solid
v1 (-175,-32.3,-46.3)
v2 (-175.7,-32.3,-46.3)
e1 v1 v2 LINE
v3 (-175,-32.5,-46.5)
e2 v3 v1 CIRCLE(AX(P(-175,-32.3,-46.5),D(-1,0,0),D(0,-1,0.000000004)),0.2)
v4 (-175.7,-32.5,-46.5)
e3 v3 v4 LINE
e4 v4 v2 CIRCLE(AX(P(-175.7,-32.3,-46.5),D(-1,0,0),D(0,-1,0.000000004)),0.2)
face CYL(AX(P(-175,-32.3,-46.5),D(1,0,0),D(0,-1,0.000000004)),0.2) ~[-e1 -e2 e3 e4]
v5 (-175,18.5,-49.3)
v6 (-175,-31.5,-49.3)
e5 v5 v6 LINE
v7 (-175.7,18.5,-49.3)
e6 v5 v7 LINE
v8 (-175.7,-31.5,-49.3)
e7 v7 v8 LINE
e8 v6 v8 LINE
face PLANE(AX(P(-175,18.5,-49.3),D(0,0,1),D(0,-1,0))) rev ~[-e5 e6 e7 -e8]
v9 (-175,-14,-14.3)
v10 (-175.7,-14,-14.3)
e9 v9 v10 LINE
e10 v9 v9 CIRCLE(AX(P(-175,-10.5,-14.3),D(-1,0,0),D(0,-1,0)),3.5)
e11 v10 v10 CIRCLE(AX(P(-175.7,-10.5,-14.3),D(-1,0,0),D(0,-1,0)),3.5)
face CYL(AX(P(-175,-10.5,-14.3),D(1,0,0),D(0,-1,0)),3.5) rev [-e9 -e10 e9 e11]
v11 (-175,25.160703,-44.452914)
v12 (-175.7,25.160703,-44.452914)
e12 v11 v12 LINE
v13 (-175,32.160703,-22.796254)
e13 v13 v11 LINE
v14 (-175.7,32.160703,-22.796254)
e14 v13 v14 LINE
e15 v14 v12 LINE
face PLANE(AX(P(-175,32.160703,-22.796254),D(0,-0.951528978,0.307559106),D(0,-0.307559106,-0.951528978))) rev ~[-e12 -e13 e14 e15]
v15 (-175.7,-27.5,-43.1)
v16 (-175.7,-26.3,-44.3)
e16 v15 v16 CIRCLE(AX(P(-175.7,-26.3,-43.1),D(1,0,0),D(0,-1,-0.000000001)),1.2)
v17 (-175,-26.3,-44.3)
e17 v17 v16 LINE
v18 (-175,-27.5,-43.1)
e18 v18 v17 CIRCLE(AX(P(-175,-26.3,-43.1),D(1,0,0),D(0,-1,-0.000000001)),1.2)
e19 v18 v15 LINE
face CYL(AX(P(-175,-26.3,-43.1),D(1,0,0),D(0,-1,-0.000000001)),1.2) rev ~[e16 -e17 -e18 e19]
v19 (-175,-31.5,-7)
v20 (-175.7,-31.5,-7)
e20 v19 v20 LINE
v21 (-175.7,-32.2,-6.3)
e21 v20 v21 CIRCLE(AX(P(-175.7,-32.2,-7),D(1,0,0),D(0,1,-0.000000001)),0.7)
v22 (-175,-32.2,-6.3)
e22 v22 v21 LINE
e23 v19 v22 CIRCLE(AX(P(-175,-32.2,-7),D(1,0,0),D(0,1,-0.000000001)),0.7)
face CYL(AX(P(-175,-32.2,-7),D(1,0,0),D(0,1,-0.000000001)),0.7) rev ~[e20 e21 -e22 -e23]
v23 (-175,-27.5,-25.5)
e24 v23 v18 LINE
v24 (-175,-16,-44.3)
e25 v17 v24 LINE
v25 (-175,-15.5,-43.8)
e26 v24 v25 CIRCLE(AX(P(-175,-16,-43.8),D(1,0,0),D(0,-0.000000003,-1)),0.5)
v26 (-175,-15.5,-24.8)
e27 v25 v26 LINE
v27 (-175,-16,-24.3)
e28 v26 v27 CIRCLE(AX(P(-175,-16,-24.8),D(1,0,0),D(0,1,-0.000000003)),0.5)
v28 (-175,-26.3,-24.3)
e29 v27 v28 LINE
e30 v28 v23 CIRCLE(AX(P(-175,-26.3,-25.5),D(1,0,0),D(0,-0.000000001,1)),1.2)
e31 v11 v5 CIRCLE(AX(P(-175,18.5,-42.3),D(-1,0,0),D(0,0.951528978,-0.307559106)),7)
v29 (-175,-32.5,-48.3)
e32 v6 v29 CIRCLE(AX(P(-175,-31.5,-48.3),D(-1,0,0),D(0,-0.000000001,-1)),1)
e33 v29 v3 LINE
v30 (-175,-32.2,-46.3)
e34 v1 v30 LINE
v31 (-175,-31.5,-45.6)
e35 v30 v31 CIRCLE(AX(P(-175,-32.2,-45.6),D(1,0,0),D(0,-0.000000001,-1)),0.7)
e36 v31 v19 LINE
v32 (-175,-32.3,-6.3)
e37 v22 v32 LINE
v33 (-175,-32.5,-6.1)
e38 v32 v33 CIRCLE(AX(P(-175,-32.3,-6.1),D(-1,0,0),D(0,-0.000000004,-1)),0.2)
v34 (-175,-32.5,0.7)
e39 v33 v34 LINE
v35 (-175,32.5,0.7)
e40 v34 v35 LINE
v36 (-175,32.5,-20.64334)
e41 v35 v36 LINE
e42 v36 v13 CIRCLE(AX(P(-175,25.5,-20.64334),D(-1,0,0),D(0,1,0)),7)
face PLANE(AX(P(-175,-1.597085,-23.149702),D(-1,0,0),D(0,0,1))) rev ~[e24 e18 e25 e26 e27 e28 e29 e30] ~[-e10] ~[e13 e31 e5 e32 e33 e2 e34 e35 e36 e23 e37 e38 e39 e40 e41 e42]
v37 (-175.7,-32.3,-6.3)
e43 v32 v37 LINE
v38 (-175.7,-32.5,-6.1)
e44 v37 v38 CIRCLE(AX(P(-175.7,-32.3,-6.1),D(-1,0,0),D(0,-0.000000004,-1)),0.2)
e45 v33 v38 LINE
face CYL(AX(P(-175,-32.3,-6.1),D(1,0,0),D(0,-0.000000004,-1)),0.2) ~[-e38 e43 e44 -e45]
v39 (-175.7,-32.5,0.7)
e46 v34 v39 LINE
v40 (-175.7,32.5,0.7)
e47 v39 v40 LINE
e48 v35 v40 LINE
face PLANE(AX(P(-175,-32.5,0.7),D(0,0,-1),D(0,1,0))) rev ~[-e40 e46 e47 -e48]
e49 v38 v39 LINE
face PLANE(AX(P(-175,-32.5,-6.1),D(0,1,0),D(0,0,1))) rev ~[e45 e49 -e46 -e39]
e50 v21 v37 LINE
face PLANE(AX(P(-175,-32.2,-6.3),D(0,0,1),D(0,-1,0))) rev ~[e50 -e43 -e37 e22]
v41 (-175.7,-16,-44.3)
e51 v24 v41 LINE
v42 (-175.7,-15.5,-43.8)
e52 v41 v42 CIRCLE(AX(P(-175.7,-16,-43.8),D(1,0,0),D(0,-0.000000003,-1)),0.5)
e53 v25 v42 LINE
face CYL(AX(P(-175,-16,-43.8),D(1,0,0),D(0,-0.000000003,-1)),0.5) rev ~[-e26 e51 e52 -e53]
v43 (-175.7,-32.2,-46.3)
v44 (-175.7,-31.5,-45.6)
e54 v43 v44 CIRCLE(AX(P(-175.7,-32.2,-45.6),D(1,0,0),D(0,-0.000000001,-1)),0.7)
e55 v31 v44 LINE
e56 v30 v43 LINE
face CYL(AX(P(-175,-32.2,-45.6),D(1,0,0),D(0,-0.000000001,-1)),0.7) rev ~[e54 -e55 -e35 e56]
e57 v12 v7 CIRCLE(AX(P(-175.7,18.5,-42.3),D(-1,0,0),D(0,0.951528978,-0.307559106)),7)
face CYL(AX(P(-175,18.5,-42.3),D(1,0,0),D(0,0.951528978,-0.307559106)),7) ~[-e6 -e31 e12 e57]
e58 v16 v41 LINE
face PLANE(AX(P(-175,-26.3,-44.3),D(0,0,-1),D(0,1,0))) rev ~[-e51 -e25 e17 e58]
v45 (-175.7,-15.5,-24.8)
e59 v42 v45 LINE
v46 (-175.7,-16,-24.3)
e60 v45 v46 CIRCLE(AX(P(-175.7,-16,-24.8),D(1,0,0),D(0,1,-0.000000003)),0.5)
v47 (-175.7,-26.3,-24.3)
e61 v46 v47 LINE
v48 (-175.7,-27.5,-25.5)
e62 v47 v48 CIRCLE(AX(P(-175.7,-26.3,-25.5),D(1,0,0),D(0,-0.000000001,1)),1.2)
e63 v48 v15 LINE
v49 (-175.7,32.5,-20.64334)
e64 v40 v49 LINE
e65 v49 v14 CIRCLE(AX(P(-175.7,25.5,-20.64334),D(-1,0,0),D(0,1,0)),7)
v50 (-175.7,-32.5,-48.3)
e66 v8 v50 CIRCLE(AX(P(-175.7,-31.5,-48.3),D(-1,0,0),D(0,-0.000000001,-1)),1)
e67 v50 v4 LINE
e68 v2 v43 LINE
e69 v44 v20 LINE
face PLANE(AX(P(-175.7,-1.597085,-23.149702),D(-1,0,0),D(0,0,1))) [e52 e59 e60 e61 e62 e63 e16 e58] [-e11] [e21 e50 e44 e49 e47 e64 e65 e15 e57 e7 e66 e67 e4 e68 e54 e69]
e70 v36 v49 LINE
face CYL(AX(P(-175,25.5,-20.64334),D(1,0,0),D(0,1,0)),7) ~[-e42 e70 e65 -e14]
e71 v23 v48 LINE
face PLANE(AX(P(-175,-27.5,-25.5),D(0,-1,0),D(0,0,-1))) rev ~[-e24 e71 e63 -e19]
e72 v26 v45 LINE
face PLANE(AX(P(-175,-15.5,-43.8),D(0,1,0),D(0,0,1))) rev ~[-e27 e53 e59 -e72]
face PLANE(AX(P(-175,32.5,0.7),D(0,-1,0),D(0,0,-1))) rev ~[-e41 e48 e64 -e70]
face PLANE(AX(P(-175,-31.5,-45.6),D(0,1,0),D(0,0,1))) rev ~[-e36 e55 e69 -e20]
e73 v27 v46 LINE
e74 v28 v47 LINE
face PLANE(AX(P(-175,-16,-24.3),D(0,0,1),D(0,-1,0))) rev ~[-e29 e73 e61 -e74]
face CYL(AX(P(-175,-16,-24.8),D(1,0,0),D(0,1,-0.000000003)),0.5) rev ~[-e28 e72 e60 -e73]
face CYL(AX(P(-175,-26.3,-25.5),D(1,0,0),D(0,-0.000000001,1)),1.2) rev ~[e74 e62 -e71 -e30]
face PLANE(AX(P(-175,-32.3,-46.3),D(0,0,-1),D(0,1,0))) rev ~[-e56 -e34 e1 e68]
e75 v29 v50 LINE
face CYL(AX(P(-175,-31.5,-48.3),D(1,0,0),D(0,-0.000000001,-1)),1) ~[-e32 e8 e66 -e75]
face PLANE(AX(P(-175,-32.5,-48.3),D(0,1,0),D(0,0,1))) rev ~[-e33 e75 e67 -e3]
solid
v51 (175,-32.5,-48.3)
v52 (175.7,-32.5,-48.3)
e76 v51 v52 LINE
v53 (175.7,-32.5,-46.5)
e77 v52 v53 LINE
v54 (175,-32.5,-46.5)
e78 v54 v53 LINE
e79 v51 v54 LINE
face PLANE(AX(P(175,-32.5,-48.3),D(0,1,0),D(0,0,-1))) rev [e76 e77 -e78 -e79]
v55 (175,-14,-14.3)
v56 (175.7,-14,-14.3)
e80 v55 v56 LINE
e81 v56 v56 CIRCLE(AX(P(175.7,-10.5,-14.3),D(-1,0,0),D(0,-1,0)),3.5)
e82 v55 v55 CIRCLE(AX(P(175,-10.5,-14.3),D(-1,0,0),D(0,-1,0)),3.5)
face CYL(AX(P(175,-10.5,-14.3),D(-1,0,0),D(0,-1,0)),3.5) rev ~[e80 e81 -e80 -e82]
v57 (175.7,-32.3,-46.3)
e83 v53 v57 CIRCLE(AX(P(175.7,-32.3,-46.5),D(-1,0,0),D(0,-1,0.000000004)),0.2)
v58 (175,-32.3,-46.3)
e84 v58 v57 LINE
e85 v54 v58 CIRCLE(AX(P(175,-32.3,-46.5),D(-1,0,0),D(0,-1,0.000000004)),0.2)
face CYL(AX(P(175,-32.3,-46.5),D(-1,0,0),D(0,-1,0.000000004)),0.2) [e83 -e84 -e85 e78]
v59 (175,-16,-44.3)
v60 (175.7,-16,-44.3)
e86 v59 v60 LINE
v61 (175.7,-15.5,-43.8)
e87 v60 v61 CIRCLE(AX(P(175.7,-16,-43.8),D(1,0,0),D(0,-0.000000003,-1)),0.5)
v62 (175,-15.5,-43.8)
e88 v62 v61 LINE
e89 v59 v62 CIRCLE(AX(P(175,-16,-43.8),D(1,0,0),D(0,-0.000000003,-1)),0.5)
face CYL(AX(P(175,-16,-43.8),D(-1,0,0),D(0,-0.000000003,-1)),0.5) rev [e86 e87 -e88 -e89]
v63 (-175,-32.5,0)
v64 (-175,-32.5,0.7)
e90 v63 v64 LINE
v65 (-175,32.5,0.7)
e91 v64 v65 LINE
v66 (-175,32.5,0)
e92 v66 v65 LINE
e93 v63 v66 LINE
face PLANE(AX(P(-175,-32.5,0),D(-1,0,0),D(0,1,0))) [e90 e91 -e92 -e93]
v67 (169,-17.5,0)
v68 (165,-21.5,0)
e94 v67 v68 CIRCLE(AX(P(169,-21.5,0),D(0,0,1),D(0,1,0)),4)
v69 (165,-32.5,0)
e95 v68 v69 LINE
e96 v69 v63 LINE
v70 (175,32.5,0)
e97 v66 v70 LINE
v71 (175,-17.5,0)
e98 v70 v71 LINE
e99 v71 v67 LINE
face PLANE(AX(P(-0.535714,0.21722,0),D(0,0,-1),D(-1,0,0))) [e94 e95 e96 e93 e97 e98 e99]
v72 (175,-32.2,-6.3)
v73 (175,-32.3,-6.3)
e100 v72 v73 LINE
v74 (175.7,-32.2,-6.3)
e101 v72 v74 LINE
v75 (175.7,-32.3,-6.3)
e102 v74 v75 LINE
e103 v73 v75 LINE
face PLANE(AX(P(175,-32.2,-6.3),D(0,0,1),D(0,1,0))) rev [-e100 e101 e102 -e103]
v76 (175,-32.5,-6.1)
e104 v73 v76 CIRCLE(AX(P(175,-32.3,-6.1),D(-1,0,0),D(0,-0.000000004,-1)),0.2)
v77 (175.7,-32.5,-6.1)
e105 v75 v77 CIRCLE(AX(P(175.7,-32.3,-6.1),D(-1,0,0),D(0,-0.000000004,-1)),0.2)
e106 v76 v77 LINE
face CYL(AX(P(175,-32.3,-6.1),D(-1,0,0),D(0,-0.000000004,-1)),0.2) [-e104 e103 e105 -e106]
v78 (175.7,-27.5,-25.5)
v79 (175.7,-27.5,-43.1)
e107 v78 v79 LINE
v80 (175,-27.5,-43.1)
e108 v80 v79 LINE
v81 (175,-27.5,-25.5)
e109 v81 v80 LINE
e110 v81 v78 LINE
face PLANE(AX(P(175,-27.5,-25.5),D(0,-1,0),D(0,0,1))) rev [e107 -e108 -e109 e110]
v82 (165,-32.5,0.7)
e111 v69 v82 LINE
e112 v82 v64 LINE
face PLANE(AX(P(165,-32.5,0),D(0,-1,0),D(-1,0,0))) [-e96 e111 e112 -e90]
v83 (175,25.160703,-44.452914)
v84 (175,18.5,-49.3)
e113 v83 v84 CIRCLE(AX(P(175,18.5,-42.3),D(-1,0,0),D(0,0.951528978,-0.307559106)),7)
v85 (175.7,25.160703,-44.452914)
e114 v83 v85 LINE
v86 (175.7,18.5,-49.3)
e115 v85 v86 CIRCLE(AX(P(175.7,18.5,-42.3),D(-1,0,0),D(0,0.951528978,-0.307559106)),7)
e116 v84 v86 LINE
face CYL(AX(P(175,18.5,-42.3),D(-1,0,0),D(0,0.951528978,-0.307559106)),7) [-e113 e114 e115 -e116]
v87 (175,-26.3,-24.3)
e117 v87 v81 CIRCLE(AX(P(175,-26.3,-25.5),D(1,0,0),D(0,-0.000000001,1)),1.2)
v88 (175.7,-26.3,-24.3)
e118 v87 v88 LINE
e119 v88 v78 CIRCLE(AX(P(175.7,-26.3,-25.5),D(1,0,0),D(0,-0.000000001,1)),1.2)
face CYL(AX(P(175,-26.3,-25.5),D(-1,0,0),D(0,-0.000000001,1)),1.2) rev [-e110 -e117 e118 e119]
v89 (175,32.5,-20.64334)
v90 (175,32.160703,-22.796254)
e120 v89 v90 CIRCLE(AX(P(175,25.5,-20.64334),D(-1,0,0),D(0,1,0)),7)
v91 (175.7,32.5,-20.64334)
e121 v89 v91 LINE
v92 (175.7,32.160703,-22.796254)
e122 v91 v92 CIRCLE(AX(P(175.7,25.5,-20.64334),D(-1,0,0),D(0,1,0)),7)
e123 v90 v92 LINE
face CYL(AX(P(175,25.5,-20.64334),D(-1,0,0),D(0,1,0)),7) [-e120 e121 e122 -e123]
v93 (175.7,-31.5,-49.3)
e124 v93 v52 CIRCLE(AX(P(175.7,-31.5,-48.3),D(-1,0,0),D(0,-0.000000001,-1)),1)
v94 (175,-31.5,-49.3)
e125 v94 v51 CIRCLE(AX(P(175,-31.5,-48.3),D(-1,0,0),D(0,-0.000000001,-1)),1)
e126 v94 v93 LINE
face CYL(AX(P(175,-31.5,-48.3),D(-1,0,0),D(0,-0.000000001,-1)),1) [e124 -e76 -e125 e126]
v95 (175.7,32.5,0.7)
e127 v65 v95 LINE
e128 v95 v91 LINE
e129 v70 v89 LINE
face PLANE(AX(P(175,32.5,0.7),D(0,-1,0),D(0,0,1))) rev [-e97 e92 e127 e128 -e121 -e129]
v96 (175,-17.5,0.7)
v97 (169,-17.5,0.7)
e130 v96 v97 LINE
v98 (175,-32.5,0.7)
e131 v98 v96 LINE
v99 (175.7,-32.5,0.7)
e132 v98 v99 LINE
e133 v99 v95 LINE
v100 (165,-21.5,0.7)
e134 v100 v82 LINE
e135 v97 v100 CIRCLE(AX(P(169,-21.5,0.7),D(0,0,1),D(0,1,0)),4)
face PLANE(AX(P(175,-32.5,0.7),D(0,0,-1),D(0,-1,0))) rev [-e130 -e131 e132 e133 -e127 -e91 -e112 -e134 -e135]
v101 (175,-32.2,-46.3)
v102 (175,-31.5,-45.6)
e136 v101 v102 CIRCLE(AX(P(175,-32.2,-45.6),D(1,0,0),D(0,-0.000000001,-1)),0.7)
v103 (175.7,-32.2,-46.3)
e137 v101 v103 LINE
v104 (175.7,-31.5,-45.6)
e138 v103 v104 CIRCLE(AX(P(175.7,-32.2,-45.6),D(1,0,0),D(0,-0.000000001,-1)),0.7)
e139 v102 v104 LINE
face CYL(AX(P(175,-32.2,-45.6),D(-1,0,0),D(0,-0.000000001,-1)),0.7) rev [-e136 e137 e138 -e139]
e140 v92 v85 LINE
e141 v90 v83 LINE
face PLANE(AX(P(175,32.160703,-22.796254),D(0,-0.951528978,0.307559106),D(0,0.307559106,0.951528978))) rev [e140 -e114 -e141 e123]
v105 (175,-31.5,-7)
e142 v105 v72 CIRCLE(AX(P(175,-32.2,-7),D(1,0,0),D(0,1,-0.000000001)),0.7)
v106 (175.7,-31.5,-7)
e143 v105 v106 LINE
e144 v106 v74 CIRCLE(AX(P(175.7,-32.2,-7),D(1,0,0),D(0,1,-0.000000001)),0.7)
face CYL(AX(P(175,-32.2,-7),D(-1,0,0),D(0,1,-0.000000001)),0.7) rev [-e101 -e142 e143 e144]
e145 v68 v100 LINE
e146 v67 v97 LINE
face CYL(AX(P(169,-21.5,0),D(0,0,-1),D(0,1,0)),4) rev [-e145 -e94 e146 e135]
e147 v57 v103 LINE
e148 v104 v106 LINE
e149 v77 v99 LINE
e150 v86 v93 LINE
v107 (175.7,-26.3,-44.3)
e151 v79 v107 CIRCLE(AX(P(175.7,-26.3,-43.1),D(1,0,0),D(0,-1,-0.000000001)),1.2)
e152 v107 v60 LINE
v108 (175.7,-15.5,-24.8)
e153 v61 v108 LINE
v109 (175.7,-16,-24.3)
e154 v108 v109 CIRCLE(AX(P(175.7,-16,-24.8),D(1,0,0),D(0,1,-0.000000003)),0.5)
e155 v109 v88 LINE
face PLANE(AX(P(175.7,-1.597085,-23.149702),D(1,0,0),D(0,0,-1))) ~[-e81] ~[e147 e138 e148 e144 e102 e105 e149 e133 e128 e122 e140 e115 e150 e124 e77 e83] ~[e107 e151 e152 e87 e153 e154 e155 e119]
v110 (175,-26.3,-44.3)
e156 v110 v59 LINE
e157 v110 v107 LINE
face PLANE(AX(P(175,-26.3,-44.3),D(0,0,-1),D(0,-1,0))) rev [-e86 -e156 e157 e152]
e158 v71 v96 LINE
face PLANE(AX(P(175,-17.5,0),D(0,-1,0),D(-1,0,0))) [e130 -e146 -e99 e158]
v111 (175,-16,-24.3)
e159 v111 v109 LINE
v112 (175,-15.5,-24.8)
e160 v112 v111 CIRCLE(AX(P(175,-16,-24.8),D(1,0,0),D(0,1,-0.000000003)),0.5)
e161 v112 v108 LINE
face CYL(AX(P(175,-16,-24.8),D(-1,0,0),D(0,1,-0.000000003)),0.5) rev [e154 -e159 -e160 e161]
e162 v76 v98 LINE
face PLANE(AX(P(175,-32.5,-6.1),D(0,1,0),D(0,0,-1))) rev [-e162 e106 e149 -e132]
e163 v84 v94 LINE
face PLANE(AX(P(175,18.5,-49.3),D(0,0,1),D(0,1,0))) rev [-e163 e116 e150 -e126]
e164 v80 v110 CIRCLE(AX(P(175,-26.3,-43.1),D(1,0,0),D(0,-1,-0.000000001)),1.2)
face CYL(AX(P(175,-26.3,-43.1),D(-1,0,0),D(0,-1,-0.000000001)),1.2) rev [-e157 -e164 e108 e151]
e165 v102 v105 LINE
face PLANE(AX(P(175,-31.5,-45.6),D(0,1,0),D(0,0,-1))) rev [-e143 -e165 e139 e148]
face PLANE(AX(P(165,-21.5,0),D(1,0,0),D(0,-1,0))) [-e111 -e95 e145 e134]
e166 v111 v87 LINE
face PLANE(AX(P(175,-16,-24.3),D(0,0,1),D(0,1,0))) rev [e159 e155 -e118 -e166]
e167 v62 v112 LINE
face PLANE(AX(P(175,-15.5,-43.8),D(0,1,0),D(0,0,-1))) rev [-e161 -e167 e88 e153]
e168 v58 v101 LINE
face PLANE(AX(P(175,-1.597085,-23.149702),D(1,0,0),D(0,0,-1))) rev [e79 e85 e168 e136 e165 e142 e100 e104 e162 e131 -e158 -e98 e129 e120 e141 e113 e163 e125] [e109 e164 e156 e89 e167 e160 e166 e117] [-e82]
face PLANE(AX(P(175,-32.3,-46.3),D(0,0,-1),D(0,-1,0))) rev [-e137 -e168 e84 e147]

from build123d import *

# Parameters (mm, degrees)
BACK_WALL_DEPTH  = 0.7
SKETCH2_R        = 3.5
RIGHT_WALL_DEPTH = 0.7


with BuildPart() as part:
    # Sketch1 → Back Wall (new body)
    with BuildSketch(Plane.XY):
        with BuildLine():
            Line((175, -17.5), (169, -17.5))
            ThreePointArc((169, -17.5), (166.171572875, -18.671572875), (165, -21.5))
            Line((165, -21.5), (165, -32.5))
            Line((165, -32.5), (-175, -32.5))
            Line((-175, -32.5), (-175, 32.5))
            Line((-175, 32.5), (175, 32.5))
            Line((175, 32.5), (175, -17.5))
        make_face()
    extrude(amount=BACK_WALL_DEPTH)


with BuildPart() as body_2:
    # Sketch2 → Right Wall (new body)
    with BuildSketch(Plane.ZY.offset(175)):
        with BuildLine():
            Line((-48.3, -32.5), (-46.5, -32.5))
            ThreePointArc((-46.5, -32.5), (-46.358578644, -32.441421356), (-46.3, -32.3))
            Line((-46.3, -32.3), (-46.3, -32.2))
            ThreePointArc((-46.3, -32.2), (-46.094974747, -31.705025253), (-45.6, -31.5))
            Line((-45.6, -31.5), (-7, -31.5))
            ThreePointArc((-7, -31.5), (-6.505025253, -31.705025253), (-6.3, -32.2))
            Line((-6.3, -32.2), (-6.3, -32.3))
            ThreePointArc((-6.3, -32.3), (-6.241421356, -32.441421356), (-6.1, -32.5))
            Line((-6.1, -32.5), (0.7, -32.5))
            Line((0.7, -32.5), (0.7, 32.5))
            Line((0.7, 32.5), (-20.643340495, 32.5))
            ThreePointArc((-20.643340495, 32.5), (-21.733083601, 32.414655448), (-22.79625424, 32.160702846))
            Line((-22.79625424, 32.160702846), (-44.452913745, 25.160702846))
            ThreePointArc((-44.452913745, 25.160702846), (-47.959964497, 22.618835016), (-49.3, 18.5))
            Line((-49.3, 18.5), (-49.3, -31.5))
            ThreePointArc((-49.3, -31.5), (-49.007106781, -32.207106781), (-48.3, -32.5))
        make_face()
        with Locations(Location((-14.3, -10.5, 0), (0, 0, 270))):
            Circle(SKETCH2_R, mode=Mode.SUBTRACT)
        with BuildLine():
            Line((-43.8, -15.5), (-24.8, -15.5))
            ThreePointArc((-24.8, -15.5), (-24.446446609, -15.646446609), (-24.3, -16))
            Line((-24.3, -16), (-24.3, -26.3))
            ThreePointArc((-24.3, -26.3), (-24.651471863, -27.148528137), (-25.5, -27.5))
            Line((-25.5, -27.5), (-43.1, -27.5))
            ThreePointArc((-43.1, -27.5), (-43.948528137, -27.148528137), (-44.3, -26.3))
            Line((-44.3, -26.3), (-44.3, -16))
            ThreePointArc((-44.3, -16), (-44.153553391, -15.646446609), (-43.8, -15.5))
        make_face(mode=Mode.SUBTRACT)
    right_wall = extrude(amount=RIGHT_WALL_DEPTH)


with BuildPart() as part_1:
    add(part.part)

    # Mirror8: Right Wall across plane
    add(right_wall.mirror(Plane(origin=(0, 0, 0), x_dir=(0, 0, 1), z_dir=(1, 0, 0))))


solid = Compound([body_2.part, part_1.part])
